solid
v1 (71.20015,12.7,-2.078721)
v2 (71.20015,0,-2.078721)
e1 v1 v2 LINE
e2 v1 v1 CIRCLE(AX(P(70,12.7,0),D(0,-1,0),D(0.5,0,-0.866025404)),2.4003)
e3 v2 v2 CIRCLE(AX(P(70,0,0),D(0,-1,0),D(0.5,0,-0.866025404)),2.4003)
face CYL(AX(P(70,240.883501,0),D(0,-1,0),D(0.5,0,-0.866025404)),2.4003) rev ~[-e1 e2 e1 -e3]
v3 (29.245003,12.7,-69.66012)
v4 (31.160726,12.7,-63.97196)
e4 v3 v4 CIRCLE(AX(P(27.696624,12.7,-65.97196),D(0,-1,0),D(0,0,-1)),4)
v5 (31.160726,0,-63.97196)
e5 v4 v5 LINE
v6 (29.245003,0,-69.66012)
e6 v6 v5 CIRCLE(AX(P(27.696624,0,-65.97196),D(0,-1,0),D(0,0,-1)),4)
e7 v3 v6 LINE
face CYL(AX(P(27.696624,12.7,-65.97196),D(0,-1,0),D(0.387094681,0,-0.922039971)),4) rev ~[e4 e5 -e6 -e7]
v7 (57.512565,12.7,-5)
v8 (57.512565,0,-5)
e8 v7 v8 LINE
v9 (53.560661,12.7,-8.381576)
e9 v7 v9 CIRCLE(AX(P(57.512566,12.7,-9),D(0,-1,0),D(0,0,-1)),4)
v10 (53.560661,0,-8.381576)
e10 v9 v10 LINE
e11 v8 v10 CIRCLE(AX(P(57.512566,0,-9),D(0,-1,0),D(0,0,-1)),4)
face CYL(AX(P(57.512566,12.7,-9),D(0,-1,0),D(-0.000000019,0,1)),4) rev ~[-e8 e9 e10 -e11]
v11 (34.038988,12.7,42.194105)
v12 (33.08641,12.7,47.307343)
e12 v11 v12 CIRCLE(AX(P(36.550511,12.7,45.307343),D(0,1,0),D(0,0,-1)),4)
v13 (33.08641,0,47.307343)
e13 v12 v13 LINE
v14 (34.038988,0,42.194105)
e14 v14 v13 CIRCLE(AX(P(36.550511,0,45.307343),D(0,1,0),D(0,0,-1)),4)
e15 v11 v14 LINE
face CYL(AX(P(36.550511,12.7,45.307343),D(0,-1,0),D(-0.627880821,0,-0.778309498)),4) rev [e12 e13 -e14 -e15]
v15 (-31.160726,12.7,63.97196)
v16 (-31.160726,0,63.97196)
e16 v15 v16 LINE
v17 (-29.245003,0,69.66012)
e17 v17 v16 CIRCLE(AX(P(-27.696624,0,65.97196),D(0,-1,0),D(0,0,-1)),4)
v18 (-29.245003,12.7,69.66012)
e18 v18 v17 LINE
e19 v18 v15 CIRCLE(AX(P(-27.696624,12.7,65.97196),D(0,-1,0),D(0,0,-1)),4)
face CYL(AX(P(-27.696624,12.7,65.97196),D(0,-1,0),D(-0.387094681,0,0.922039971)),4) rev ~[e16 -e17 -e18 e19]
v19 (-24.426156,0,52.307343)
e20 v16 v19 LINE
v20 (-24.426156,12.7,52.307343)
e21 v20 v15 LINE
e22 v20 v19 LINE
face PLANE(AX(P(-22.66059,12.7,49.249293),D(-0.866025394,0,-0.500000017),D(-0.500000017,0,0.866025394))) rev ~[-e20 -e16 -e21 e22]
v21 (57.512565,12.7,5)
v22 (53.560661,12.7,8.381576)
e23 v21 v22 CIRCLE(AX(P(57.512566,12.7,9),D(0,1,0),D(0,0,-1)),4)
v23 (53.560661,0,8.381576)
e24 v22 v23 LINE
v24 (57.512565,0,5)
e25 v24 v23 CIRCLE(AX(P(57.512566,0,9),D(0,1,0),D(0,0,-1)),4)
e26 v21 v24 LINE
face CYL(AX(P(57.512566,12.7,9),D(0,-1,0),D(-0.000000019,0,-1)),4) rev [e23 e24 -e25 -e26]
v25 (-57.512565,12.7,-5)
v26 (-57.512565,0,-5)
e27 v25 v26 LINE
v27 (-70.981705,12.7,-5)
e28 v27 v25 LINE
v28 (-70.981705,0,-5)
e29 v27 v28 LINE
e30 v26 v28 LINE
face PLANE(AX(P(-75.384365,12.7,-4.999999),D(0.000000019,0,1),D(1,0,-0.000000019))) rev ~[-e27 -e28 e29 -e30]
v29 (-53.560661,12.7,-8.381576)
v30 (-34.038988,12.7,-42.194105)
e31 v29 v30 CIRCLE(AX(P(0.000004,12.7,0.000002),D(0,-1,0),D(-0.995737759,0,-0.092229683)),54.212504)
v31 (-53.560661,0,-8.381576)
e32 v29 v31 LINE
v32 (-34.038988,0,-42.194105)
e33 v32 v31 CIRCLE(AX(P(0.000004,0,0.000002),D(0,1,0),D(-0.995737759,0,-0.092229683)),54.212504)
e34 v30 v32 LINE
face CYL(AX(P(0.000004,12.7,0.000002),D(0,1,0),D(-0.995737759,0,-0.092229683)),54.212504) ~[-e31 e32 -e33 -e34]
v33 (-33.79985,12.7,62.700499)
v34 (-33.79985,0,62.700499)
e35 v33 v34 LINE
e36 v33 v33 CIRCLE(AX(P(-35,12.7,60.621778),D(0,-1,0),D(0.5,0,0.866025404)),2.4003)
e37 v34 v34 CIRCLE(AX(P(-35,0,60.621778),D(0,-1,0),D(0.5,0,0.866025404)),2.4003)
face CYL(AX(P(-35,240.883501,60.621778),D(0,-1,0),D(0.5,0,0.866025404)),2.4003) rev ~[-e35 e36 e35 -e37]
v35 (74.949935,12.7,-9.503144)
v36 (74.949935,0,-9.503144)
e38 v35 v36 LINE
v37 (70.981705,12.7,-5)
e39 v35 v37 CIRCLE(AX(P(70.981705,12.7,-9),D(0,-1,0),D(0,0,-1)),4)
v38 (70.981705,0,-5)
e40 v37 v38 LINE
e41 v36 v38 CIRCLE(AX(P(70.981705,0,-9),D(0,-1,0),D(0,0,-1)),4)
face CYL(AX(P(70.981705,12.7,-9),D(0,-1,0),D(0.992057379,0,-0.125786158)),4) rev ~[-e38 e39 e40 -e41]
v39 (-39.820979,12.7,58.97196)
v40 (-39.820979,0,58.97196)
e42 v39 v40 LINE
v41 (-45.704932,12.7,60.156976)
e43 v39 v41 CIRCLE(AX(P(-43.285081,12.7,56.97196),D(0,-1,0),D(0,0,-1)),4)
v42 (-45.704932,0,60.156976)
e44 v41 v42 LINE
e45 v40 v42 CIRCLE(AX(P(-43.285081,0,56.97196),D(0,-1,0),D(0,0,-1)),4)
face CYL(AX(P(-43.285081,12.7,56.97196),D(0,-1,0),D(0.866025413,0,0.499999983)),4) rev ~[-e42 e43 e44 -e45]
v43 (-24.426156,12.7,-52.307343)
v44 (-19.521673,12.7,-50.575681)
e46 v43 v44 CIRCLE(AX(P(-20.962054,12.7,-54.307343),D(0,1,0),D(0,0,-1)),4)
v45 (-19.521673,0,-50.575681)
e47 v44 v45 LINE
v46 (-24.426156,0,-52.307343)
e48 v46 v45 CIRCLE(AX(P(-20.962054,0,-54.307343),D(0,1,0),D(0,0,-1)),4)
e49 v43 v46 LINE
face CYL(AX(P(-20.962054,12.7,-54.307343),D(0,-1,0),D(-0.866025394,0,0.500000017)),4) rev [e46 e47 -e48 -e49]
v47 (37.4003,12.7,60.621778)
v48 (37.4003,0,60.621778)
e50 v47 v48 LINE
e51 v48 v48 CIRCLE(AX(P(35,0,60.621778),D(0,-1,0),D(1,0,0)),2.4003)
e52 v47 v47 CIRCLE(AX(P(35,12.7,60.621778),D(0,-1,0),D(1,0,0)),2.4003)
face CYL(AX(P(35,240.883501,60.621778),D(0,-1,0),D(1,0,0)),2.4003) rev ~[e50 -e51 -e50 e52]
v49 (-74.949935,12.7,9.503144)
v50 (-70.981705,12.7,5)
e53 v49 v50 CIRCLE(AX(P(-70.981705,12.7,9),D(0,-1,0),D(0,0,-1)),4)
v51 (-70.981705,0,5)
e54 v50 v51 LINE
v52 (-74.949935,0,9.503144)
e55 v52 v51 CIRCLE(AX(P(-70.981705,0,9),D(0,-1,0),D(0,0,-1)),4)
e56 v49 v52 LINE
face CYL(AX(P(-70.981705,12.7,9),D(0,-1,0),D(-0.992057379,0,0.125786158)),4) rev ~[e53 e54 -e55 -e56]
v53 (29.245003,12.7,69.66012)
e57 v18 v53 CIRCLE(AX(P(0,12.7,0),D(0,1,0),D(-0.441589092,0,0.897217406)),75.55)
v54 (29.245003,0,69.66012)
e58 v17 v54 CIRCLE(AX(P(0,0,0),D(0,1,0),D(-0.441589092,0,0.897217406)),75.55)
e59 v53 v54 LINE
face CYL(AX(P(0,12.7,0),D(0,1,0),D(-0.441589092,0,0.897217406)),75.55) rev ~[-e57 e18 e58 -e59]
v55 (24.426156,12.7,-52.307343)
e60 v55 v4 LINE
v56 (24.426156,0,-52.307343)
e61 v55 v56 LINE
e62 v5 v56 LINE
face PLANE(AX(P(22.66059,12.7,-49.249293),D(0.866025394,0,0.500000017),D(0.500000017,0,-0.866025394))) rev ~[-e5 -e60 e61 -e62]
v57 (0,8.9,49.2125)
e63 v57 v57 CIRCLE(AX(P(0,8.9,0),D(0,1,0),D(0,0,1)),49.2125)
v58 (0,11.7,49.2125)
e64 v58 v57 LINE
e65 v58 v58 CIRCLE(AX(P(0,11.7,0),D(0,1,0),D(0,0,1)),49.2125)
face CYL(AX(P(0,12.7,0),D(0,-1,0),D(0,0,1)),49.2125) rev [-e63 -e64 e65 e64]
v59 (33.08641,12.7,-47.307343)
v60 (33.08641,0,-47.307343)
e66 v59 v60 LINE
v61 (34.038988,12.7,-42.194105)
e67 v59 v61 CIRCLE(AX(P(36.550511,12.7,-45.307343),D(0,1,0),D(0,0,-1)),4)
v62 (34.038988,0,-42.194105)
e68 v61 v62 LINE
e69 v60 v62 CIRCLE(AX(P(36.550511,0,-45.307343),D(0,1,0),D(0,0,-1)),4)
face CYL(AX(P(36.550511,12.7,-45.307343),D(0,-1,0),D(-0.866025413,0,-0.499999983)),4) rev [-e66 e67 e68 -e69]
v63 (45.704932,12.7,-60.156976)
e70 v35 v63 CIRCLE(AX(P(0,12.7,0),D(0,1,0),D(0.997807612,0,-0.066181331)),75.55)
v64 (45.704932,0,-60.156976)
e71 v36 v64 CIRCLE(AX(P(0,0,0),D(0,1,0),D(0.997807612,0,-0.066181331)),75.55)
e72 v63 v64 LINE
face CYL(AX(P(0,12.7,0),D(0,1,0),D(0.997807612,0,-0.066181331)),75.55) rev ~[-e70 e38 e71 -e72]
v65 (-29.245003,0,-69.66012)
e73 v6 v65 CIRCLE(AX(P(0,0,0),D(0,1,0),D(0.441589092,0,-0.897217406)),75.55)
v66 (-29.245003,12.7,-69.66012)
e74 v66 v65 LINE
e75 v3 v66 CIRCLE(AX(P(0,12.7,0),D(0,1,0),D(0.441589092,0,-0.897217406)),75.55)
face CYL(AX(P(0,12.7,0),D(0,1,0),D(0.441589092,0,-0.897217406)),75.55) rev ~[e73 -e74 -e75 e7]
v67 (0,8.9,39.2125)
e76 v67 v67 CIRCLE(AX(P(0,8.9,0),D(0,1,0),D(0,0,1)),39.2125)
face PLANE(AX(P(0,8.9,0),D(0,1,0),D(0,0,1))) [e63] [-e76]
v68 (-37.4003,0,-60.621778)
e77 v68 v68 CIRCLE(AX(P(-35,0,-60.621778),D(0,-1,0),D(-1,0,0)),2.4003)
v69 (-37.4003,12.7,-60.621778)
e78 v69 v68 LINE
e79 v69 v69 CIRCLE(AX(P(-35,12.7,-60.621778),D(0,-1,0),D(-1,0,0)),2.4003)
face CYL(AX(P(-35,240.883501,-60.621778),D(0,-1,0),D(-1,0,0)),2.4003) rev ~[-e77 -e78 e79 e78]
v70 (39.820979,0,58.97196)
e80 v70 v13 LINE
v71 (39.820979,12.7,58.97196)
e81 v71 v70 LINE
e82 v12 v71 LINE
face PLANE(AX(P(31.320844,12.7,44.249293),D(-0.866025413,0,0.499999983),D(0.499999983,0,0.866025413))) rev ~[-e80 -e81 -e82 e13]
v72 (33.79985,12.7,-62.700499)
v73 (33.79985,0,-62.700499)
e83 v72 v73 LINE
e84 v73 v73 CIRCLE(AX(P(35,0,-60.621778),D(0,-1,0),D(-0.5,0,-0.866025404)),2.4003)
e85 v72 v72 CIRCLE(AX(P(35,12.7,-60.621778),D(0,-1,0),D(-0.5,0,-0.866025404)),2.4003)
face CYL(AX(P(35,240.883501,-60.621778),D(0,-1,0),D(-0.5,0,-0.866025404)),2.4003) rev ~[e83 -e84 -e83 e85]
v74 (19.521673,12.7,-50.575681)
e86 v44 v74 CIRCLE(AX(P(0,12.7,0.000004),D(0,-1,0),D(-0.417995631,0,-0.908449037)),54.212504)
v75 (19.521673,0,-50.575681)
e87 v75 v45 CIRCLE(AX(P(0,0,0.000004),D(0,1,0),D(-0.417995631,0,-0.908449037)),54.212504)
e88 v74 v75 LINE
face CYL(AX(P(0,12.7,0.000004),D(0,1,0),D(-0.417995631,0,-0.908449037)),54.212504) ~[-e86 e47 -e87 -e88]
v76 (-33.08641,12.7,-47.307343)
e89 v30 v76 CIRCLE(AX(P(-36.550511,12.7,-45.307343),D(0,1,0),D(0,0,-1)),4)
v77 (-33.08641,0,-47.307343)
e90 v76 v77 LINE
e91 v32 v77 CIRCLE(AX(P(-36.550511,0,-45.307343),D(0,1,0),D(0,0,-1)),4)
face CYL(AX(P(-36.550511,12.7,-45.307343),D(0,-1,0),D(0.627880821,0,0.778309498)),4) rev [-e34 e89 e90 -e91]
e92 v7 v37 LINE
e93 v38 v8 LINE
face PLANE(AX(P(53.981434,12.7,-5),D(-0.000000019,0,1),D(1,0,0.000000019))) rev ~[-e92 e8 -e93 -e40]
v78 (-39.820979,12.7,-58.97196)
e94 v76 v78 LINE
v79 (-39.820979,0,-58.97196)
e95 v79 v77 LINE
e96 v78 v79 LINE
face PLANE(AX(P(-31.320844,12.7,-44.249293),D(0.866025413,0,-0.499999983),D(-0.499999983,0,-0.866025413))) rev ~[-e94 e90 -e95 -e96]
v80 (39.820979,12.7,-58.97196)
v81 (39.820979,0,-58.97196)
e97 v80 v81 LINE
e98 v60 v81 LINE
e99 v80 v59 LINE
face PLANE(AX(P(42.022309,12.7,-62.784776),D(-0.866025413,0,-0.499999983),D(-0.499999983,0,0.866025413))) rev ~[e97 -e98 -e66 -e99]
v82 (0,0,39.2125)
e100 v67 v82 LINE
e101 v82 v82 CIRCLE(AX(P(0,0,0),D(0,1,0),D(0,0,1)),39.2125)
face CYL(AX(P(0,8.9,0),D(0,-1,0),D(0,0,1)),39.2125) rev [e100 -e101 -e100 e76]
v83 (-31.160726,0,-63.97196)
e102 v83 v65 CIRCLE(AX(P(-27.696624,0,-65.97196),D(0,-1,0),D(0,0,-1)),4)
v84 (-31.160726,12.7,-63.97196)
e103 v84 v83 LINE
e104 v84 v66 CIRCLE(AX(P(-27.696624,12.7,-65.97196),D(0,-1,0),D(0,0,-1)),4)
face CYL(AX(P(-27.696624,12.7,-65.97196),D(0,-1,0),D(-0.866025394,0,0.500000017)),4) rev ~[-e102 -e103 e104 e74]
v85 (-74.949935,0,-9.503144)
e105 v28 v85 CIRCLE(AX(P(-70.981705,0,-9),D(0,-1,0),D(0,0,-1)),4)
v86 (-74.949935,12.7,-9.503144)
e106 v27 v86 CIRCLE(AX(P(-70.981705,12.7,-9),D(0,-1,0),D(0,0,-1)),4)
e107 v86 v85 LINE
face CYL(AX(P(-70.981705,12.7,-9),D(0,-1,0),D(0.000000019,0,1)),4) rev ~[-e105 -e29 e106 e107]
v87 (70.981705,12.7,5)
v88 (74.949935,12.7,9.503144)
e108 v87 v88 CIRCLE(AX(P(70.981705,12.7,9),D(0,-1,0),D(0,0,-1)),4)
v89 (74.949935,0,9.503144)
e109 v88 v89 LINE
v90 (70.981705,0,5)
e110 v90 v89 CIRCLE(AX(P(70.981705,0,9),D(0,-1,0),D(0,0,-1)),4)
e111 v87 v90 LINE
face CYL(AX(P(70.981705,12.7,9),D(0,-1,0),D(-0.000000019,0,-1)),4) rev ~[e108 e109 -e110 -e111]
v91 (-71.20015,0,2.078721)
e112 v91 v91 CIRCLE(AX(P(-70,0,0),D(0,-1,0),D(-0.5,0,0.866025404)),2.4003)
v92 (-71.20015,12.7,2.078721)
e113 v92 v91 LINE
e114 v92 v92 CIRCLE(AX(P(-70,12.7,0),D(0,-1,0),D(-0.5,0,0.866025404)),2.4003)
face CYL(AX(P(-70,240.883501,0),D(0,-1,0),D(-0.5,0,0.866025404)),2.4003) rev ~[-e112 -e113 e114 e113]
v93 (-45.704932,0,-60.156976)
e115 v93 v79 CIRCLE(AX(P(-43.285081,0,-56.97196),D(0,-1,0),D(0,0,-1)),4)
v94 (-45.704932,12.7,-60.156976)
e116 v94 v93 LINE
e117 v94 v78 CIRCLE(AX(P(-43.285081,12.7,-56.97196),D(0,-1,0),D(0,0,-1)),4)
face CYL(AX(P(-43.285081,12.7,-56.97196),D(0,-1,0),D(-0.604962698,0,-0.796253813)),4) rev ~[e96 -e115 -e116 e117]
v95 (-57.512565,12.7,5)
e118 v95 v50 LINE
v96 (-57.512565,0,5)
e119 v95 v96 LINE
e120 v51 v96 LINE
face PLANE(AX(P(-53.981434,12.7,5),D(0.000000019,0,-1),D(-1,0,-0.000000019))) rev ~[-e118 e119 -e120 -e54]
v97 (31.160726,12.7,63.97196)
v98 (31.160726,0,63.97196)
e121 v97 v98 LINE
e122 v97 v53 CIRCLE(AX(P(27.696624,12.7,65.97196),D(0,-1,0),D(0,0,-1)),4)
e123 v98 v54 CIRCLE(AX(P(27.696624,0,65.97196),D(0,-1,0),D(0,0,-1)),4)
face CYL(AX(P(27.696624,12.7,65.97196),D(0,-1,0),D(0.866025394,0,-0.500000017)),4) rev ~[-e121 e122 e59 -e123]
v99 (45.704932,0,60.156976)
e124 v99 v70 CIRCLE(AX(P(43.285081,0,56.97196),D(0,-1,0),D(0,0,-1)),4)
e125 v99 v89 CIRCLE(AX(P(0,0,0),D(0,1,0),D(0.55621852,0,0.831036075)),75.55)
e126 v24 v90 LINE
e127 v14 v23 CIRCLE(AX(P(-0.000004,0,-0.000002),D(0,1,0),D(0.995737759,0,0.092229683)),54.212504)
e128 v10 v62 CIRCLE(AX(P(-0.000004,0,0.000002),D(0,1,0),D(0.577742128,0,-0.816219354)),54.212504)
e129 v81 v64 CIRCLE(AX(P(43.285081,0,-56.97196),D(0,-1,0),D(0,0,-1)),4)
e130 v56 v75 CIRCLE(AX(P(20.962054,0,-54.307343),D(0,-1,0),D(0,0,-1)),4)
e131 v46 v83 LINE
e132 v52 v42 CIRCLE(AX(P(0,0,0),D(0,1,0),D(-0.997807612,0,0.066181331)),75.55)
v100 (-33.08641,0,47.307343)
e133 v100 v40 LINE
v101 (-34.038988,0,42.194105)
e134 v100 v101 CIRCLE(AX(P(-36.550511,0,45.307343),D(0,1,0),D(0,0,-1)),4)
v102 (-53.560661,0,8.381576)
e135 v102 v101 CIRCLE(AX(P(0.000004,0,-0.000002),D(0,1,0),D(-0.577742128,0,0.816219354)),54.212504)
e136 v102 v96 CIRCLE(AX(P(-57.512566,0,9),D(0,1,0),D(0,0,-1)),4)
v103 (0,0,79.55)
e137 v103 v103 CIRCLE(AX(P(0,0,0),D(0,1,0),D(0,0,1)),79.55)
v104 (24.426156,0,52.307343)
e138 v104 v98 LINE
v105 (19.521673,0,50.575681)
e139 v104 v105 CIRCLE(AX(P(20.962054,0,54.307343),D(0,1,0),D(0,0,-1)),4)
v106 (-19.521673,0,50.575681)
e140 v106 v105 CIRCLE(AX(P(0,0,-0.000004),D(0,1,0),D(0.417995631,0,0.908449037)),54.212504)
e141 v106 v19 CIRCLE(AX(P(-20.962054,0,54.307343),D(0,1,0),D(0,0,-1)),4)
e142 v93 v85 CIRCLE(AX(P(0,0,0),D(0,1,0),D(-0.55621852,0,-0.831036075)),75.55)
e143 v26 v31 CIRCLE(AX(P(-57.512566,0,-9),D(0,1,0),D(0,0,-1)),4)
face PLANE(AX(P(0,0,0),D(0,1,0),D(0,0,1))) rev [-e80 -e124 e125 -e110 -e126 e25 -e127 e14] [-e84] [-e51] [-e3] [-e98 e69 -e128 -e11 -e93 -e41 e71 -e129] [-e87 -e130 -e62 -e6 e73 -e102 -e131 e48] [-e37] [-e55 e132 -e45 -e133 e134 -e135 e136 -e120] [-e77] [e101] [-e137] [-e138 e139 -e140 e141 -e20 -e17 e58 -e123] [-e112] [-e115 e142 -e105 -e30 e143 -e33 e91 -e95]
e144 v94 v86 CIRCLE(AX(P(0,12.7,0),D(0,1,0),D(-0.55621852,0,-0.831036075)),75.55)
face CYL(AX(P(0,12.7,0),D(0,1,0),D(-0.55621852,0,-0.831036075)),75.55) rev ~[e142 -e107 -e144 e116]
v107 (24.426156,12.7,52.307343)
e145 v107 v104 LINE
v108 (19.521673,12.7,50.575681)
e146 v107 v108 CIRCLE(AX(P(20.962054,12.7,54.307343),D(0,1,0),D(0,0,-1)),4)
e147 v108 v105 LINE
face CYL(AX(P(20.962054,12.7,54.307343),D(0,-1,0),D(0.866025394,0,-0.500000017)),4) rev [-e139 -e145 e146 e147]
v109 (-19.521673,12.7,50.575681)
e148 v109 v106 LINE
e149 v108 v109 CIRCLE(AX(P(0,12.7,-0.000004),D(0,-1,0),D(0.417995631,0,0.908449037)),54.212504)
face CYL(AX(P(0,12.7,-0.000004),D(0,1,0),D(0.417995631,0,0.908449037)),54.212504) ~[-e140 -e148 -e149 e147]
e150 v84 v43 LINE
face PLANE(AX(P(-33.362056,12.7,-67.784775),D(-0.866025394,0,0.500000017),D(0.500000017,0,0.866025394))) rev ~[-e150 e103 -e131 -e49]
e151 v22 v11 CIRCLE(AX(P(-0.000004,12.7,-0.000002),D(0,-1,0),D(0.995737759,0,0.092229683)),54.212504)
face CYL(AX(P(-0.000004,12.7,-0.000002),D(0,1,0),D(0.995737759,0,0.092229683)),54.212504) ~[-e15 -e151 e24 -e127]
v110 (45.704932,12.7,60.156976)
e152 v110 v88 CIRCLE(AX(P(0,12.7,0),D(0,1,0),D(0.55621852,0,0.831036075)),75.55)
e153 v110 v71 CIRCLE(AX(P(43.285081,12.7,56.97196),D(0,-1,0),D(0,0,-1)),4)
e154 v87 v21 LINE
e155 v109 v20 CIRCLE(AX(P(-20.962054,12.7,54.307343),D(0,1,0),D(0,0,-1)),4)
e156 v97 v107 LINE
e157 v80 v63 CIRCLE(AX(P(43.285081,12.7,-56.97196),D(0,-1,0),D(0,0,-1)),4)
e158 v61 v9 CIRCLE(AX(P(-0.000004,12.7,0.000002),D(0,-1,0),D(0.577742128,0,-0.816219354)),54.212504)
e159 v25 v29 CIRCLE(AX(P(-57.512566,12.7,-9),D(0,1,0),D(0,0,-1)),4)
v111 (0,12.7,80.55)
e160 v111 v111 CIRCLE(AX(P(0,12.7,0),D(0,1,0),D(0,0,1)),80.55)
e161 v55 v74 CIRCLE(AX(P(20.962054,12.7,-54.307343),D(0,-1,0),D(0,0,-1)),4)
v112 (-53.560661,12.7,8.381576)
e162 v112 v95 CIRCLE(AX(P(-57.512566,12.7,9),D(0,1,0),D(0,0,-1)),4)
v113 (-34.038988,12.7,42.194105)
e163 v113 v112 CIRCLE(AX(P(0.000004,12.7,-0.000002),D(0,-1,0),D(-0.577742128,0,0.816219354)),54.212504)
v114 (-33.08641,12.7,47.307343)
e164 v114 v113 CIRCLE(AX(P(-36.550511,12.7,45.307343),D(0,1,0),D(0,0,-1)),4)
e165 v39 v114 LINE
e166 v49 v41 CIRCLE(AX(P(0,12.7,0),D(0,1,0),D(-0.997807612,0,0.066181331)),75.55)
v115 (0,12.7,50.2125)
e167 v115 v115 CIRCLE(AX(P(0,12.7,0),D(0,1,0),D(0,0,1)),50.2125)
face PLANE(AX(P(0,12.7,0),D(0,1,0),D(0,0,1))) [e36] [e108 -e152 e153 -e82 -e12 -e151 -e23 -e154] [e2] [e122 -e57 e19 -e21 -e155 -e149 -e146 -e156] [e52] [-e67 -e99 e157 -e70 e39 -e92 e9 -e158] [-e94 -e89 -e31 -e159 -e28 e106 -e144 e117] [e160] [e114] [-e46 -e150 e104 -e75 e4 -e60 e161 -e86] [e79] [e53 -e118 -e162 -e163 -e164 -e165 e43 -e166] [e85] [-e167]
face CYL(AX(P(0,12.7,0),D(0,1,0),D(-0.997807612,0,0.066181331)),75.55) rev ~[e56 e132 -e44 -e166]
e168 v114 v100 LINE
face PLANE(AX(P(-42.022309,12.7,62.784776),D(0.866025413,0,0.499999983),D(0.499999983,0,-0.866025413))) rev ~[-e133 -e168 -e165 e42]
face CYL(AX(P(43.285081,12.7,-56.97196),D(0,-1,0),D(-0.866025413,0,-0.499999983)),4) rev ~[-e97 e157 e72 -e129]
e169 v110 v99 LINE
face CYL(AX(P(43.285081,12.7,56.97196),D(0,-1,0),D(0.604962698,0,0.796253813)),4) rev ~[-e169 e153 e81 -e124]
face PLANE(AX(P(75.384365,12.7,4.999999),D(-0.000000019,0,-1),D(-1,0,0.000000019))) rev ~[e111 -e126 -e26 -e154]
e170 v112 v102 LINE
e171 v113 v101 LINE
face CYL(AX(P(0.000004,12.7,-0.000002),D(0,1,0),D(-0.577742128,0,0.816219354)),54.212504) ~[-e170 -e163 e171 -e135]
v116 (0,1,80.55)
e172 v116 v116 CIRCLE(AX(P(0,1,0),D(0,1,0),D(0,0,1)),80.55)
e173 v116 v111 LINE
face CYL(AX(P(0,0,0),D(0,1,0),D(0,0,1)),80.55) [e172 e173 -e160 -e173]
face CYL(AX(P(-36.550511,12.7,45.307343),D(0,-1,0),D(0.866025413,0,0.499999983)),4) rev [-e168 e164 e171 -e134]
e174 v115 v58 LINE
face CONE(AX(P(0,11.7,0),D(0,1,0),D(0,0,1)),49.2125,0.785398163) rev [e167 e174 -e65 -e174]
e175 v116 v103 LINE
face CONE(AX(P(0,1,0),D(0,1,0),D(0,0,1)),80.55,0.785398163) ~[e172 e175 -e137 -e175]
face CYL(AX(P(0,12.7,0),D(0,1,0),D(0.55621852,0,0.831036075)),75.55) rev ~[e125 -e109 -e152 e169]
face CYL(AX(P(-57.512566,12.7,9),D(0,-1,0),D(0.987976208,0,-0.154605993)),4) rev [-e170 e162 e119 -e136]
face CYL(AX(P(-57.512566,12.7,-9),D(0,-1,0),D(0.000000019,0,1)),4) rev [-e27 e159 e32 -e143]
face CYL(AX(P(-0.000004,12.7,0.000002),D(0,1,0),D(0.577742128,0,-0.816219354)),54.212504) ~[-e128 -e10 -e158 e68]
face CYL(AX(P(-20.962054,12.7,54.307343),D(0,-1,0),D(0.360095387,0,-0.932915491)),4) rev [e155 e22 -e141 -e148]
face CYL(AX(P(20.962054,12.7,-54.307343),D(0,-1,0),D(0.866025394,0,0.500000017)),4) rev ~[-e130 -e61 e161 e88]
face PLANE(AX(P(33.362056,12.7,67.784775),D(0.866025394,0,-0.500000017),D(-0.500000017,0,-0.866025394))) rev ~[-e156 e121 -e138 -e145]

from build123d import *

# Parameters (mm, degrees)
F_12_0_189_DIAMETER_HOLE1_D = 4.8006
CIRPATTERN3_COUNT           = 6
CUT_EXTRUDE1_DEPTH          = 13.7
FILLET1_R                   = 4
CIRPATTERN4_COUNT           = 6
FILLET1_OF_CIRPATTERN4_R    = 4
CHAMFER1_SIZE               = 1
CHAMFER2_SIZE               = 1


with BuildPart() as part:
    # Sketch2 → Revolve1 (revolve)
    with BuildSketch(Plane(origin=(0, 0, 0), x_dir=(0, 0, -1), z_dir=(1, 0, 0))):
        Polygon((-39.2125, 0), (-80.55, 0), (-80.55, 12.7), (-49.2125, 12.7), (-49.2125, 8.9), (-39.2125, 8.9), align=None)
    revolve(axis=Axis((0, -0.635, 0), (0, 1, 0)))

    # #12 (0.189) Diameter Hole1 (through all)
    with Locations(Plane(origin=(0, 12.7, 0), x_dir=(1, 0, 0), z_dir=(0, 1, 0))):
        with Locations((-35, 60.621778)):
            f_12_0_189_diameter_hole1 = Hole(F_12_0_189_DIAMETER_HOLE1_D / 2)

    # CirPattern3: #12 (0.189) Diameter Hole1 ×6 about axis
    cirpattern3_axis = Axis((0, 0, 0), (0, 1, 0))
    for i in range(1, CIRPATTERN3_COUNT):
        add(f_12_0_189_diameter_hole1.rotate(cirpattern3_axis, i * 360 / CIRPATTERN3_COUNT), mode=Mode.SUBTRACT)

    # Sketch8 → Cut-Extrude1 (cut, through all)
    with BuildSketch(Plane(origin=(0, 12.7, 0), x_dir=(1, 0, 0), z_dir=(0, 1, 0))):
        with BuildLine():
            Line((-33.362056, 67.784775), (-22.66059, 49.249293))
            ThreePointArc((-22.66059, 49.249293), (0, 54.2125), (22.66059, 49.249293))
            Line((22.66059, 49.249293), (33.362056, 67.784775))
            ThreePointArc((33.362056, 67.784775), (0, 75.55), (-33.362056, 67.784775))
        make_face()
    cut_extrude1 = extrude(amount=-CUT_EXTRUDE1_DEPTH, mode=Mode.SUBTRACT)

    # Fillet1
    fillet1_edges = [part.edges().sort_by_distance(p)[0] for p in [
        (22.66059, 6.35, -49.249293),
        (-22.66059, 6.35, -49.249293),
        (-33.362056, 6.35, -67.784775),
        (33.362056, 6.35, -67.784775),
    ]]
    fillet(fillet1_edges, radius=FILLET1_R)

    # CirPattern4: Cut-Extrude1 ×6 about axis
    cirpattern4_axis = Axis((0, 0, 0), (0, 1, 0))
    for i in range(1, CIRPATTERN4_COUNT):
        add(cut_extrude1.rotate(cirpattern4_axis, i * 360 / CIRPATTERN4_COUNT), mode=Mode.SUBTRACT)

    # Fillet1 of CirPattern4
    fillet1_of_cirpattern4_edges = [part.edges().sort_by_distance(p)[0] for p in [
        (-31.320844, 6.35, -44.249293),
        (-53.981433, 6.35, -5),
        (-75.384365, 6.35, -5),
        (-42.02231, 6.35, -62.784775),
        (-53.981433, 6.35, 5),
        (-31.320844, 6.35, 44.249293),
        (-42.02231, 6.35, 62.784775),
        (-75.384365, 6.35, 5),
        (-22.66059, 6.35, 49.249293),
        (22.66059, 6.35, 49.249293),
        (33.362056, 6.35, 67.784775),
        (-33.362056, 6.35, 67.784775),
        (31.320844, 6.35, 44.249293),
        (53.981433, 6.35, 5),
        (75.384365, 6.35, 5),
        (42.02231, 6.35, 62.784775),
        (53.981433, 6.35, -5),
        (31.320844, 6.35, -44.249293),
        (42.02231, 6.35, -62.784775),
        (75.384365, 6.35, -5),
    ]]
    fillet(fillet1_of_cirpattern4_edges, radius=FILLET1_OF_CIRPATTERN4_R)

    # Chamfer1
    chamfer1_edges = [part.edges().sort_by_distance(p)[0] for p in [
        (0, 12.7, -49.2125),
    ]]
    chamfer(chamfer1_edges, length=CHAMFER1_SIZE)

    # Chamfer2
    chamfer2_edges = [part.edges().sort_by_distance(p)[0] for p in [
        (0, 0, -80.55),
    ]]
    chamfer(chamfer2_edges, length=CHAMFER2_SIZE)


solid = part.part
